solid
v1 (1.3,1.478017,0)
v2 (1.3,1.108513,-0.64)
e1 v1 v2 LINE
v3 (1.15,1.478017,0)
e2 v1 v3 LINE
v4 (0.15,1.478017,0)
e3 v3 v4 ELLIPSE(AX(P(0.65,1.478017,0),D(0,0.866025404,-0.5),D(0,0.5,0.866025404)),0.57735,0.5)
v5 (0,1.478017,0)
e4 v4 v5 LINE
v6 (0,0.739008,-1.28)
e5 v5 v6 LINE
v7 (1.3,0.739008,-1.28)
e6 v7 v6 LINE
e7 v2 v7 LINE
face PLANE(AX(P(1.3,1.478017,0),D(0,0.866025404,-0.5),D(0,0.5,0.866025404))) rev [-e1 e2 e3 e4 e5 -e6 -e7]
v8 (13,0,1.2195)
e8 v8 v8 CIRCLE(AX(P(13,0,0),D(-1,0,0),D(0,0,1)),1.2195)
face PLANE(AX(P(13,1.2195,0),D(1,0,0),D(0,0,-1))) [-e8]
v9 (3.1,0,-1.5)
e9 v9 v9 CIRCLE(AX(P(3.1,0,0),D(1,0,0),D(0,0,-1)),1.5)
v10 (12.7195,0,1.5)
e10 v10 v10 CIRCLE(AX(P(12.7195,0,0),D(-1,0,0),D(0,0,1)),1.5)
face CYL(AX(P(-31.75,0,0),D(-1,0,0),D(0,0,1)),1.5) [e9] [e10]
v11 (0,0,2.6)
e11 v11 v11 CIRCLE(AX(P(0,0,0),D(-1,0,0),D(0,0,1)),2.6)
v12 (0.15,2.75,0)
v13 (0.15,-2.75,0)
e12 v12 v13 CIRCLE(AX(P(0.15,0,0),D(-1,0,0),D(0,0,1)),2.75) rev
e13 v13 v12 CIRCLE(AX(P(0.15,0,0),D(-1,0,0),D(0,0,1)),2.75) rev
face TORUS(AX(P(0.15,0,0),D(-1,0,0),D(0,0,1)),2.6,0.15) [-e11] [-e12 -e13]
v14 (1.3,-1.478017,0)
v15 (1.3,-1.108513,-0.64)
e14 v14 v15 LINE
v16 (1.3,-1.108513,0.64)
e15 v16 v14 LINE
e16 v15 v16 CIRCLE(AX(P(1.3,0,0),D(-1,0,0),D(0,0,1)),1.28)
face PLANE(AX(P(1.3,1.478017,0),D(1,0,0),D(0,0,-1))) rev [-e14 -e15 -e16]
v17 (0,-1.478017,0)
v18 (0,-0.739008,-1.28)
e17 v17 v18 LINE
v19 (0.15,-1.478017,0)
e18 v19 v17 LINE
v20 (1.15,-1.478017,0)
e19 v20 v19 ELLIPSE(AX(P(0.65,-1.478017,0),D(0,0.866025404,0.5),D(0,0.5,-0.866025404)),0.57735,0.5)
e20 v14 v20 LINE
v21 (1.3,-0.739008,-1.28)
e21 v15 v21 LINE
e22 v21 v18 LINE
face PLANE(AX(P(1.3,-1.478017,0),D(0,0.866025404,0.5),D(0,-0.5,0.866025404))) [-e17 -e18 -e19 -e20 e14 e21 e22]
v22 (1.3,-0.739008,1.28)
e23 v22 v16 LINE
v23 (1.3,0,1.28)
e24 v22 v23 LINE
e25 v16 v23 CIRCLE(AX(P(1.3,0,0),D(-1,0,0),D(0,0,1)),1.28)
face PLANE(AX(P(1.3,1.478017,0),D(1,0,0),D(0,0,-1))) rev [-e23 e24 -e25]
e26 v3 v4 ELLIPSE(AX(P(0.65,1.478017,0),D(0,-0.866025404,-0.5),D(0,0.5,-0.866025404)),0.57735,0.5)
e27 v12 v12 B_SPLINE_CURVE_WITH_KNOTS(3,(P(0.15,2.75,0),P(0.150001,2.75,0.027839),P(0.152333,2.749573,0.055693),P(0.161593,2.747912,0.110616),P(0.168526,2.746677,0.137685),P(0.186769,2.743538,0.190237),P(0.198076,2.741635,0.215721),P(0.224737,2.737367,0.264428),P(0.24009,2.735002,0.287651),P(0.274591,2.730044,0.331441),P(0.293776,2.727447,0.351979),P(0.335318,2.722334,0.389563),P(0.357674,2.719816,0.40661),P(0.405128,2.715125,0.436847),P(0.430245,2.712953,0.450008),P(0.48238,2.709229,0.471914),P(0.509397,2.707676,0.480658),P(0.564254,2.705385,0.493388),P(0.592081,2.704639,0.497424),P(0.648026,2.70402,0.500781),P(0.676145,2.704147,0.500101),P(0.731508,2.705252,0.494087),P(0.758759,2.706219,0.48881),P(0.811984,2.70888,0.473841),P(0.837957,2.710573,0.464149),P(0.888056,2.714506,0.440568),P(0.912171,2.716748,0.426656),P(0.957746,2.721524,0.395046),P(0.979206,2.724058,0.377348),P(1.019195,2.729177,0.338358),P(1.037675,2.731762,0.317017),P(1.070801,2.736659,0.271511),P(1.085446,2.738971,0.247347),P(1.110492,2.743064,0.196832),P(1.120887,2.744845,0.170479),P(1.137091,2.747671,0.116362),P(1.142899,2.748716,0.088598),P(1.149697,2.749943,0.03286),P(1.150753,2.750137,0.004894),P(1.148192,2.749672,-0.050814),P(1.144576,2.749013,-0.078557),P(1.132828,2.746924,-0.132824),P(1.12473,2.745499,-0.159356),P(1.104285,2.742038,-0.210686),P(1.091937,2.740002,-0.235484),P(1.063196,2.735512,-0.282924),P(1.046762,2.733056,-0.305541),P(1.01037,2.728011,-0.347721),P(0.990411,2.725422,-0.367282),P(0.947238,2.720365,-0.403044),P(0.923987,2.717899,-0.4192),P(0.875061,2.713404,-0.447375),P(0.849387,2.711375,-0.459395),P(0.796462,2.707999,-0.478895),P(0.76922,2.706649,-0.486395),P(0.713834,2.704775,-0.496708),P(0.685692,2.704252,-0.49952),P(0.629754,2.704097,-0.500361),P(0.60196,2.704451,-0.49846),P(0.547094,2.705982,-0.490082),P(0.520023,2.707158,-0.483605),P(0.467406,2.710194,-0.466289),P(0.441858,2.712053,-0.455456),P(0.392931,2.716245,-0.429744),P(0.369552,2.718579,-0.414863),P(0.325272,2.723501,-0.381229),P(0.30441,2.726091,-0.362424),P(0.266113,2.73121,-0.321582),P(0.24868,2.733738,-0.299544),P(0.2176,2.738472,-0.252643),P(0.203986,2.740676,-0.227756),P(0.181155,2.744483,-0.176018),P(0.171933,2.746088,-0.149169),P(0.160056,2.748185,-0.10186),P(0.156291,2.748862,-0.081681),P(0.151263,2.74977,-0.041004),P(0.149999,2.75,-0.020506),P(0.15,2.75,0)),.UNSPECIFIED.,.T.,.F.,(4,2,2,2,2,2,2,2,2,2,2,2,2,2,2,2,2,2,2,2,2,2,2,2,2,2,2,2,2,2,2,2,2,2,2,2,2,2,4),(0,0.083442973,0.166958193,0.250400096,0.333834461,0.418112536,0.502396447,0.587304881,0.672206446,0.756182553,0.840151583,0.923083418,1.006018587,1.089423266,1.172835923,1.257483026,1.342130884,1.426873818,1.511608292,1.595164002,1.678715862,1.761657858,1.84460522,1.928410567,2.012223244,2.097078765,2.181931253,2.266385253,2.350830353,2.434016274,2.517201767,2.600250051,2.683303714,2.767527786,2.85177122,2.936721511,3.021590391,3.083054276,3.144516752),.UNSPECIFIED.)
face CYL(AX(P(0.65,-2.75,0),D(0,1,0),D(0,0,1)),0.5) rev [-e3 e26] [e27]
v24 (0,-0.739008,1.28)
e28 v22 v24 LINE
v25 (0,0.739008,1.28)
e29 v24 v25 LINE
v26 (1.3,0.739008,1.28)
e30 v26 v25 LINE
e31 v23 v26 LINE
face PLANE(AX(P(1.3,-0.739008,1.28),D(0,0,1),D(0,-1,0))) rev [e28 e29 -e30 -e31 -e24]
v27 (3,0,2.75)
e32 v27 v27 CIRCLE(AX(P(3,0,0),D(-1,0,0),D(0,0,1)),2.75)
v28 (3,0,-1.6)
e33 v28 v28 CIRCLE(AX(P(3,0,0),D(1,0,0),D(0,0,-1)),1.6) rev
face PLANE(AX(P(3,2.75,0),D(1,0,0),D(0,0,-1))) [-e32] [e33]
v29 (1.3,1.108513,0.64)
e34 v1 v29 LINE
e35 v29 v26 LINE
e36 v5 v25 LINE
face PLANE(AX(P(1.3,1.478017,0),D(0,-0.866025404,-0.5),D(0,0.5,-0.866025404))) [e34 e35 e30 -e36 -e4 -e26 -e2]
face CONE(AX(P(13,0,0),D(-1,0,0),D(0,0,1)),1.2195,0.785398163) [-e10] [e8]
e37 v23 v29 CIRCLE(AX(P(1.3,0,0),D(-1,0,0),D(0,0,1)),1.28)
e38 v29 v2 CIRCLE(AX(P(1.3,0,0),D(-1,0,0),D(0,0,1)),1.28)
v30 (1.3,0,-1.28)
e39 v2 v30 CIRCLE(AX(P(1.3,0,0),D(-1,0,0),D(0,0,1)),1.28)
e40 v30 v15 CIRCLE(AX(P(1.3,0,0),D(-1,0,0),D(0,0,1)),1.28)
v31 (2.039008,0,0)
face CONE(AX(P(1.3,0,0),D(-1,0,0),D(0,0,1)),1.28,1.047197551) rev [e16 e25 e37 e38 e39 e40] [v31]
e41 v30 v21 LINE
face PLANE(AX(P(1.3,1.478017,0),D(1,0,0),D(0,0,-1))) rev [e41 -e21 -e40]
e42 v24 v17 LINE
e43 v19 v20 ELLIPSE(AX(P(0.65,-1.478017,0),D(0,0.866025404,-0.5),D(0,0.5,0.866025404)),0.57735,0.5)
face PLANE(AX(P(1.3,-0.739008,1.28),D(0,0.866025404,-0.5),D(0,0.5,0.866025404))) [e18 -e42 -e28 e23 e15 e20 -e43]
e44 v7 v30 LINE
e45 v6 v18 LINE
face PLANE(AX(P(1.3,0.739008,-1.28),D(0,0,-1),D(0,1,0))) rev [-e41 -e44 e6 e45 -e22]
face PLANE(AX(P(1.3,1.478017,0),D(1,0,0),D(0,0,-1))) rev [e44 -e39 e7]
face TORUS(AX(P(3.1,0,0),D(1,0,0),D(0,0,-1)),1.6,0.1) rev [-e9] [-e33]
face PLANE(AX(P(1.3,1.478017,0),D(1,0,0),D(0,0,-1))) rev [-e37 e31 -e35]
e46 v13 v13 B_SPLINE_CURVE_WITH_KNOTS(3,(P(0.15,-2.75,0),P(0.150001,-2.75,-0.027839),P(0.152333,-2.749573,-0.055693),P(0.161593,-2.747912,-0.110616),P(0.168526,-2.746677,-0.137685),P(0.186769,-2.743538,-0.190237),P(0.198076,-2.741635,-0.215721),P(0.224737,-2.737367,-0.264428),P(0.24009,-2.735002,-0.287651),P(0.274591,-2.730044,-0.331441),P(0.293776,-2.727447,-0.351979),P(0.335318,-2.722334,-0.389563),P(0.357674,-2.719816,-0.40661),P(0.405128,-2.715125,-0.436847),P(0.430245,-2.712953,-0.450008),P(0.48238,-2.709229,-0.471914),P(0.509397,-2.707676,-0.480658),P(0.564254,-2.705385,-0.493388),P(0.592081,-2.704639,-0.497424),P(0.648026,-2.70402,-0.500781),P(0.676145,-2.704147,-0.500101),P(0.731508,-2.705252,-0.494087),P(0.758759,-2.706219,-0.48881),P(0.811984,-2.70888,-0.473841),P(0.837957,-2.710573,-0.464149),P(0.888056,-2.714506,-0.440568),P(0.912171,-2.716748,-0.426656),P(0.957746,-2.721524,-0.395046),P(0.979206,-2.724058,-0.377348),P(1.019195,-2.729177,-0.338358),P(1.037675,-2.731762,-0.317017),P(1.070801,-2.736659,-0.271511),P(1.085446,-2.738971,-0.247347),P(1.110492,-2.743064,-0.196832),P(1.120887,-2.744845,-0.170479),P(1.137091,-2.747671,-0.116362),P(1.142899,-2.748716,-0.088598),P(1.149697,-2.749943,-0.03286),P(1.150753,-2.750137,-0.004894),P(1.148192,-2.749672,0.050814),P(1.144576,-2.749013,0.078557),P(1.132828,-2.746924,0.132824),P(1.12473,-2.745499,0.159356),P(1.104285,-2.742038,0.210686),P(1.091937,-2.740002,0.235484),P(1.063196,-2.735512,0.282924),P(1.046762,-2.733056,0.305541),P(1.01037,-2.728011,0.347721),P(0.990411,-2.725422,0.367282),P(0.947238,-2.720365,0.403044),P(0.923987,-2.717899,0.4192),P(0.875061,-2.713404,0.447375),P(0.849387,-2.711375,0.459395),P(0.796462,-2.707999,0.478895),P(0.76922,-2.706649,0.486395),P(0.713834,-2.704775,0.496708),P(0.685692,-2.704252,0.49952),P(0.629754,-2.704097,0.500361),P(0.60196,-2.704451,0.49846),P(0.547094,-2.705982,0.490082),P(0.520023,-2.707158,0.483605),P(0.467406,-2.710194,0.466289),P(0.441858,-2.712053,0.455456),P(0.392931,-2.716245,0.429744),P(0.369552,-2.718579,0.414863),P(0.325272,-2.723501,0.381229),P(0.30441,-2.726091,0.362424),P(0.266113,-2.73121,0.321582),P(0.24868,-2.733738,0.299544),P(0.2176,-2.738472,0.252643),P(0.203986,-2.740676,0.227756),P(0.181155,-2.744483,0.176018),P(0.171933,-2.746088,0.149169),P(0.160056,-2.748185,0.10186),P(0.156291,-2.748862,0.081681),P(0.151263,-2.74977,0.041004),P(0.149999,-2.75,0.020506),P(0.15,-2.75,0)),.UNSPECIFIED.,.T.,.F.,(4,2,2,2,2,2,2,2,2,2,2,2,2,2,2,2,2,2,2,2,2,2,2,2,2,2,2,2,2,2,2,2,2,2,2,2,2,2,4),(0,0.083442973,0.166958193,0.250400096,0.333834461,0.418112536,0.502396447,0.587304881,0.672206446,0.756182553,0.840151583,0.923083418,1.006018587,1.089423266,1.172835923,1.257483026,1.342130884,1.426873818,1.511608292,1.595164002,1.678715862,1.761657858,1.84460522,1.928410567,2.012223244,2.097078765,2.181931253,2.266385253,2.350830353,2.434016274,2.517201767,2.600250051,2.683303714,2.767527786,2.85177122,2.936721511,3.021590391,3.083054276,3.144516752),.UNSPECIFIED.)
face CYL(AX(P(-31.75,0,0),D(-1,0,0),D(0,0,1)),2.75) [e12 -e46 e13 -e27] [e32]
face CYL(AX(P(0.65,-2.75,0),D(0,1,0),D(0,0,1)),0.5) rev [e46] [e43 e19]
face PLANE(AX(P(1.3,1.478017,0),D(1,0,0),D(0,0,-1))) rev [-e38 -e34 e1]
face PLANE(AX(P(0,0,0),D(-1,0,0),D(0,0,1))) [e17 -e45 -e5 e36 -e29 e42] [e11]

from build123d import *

# Parameters (mm, degrees)
FILLET1_R               = 0.1
FILLET2_R               = 0.15
HEX_2_DEPTH             = 1.3
CUT_EXTRUDE1_DEPTH      = 14.569266765
CUT_EXTRUDE1_DEPTH_BACK = 14.569266765
SKETCH4_R               = 0.5


with BuildPart() as part:
    # BodySke → Base-Revolve (revolve)
    with BuildSketch(Plane.XY, mode=Mode.PRIVATE) as base_revolve_sk:
        Polygon((0, 0), (0, 2.75), (3, 2.75), (3, 1.5), (12.7195, 1.5), (13, 1.2195), (13, 0), align=None)
    revolve(base_revolve_sk.sketch.rotate(Axis((-31.75, 0, 0), (1, 0, 0)), 90), axis=Axis((-31.75, 0, 0), (1, 0, 0)))

    # Fillet1
    fillet1_edges = [part.edges().sort_by_distance(p)[0] for p in [
        (3, 0, -1.5),
    ]]
    fillet(fillet1_edges, radius=FILLET1_R)

    # Fillet2
    fillet2_edges = [part.edges().sort_by_distance(p)[0] for p in [
        (0, 0, -2.75),
    ]]
    fillet(fillet2_edges, radius=FILLET2_R)

    # Sketch2 → Hex-PreBroach (revolve, cut)
    with BuildSketch(Plane.XY, mode=Mode.PRIVATE) as hex_prebroach_sk:
        Polygon((0, 1.28), (1.3, 1.28), (2.039008345, 0), (0, 0), align=None)
    revolve(hex_prebroach_sk.sketch.rotate(Axis((0, 0, 0), (1, 0, 0)), 90), axis=Axis((0, 0, 0), (1, 0, 0)), mode=Mode.SUBTRACT)

    # Sketch3 → Hex 2 (cut)
    with BuildSketch(Plane(origin=(0, 0, 0), x_dir=(0, 0.500000000000001, 0.866025403784438), z_dir=(-1, 0, 0))):
        Polygon((0.739008345, 1.28), (-0.739008345, 1.28), (-1.478016689, 0), (-0.739008345, -1.28), (0.739008345, -1.28), (1.478016689, 0), align=None)
    extrude(amount=-HEX_2_DEPTH, mode=Mode.SUBTRACT)

    # Sketch4 → Cut-Extrude1 (cut, two sides: drawn at the far end of the back side and taken through both)
    with BuildSketch(Plane(origin=(0, 0, 0), x_dir=(1, 0, 0), z_dir=(0, 1, 0)).offset(-CUT_EXTRUDE1_DEPTH_BACK)):
        with Locations(Location((0.65, 0, 0), (0, 0, 180))):
            Circle(SKETCH4_R)
    extrude(amount=CUT_EXTRUDE1_DEPTH + CUT_EXTRUDE1_DEPTH_BACK, mode=Mode.SUBTRACT)


solid = part.part
